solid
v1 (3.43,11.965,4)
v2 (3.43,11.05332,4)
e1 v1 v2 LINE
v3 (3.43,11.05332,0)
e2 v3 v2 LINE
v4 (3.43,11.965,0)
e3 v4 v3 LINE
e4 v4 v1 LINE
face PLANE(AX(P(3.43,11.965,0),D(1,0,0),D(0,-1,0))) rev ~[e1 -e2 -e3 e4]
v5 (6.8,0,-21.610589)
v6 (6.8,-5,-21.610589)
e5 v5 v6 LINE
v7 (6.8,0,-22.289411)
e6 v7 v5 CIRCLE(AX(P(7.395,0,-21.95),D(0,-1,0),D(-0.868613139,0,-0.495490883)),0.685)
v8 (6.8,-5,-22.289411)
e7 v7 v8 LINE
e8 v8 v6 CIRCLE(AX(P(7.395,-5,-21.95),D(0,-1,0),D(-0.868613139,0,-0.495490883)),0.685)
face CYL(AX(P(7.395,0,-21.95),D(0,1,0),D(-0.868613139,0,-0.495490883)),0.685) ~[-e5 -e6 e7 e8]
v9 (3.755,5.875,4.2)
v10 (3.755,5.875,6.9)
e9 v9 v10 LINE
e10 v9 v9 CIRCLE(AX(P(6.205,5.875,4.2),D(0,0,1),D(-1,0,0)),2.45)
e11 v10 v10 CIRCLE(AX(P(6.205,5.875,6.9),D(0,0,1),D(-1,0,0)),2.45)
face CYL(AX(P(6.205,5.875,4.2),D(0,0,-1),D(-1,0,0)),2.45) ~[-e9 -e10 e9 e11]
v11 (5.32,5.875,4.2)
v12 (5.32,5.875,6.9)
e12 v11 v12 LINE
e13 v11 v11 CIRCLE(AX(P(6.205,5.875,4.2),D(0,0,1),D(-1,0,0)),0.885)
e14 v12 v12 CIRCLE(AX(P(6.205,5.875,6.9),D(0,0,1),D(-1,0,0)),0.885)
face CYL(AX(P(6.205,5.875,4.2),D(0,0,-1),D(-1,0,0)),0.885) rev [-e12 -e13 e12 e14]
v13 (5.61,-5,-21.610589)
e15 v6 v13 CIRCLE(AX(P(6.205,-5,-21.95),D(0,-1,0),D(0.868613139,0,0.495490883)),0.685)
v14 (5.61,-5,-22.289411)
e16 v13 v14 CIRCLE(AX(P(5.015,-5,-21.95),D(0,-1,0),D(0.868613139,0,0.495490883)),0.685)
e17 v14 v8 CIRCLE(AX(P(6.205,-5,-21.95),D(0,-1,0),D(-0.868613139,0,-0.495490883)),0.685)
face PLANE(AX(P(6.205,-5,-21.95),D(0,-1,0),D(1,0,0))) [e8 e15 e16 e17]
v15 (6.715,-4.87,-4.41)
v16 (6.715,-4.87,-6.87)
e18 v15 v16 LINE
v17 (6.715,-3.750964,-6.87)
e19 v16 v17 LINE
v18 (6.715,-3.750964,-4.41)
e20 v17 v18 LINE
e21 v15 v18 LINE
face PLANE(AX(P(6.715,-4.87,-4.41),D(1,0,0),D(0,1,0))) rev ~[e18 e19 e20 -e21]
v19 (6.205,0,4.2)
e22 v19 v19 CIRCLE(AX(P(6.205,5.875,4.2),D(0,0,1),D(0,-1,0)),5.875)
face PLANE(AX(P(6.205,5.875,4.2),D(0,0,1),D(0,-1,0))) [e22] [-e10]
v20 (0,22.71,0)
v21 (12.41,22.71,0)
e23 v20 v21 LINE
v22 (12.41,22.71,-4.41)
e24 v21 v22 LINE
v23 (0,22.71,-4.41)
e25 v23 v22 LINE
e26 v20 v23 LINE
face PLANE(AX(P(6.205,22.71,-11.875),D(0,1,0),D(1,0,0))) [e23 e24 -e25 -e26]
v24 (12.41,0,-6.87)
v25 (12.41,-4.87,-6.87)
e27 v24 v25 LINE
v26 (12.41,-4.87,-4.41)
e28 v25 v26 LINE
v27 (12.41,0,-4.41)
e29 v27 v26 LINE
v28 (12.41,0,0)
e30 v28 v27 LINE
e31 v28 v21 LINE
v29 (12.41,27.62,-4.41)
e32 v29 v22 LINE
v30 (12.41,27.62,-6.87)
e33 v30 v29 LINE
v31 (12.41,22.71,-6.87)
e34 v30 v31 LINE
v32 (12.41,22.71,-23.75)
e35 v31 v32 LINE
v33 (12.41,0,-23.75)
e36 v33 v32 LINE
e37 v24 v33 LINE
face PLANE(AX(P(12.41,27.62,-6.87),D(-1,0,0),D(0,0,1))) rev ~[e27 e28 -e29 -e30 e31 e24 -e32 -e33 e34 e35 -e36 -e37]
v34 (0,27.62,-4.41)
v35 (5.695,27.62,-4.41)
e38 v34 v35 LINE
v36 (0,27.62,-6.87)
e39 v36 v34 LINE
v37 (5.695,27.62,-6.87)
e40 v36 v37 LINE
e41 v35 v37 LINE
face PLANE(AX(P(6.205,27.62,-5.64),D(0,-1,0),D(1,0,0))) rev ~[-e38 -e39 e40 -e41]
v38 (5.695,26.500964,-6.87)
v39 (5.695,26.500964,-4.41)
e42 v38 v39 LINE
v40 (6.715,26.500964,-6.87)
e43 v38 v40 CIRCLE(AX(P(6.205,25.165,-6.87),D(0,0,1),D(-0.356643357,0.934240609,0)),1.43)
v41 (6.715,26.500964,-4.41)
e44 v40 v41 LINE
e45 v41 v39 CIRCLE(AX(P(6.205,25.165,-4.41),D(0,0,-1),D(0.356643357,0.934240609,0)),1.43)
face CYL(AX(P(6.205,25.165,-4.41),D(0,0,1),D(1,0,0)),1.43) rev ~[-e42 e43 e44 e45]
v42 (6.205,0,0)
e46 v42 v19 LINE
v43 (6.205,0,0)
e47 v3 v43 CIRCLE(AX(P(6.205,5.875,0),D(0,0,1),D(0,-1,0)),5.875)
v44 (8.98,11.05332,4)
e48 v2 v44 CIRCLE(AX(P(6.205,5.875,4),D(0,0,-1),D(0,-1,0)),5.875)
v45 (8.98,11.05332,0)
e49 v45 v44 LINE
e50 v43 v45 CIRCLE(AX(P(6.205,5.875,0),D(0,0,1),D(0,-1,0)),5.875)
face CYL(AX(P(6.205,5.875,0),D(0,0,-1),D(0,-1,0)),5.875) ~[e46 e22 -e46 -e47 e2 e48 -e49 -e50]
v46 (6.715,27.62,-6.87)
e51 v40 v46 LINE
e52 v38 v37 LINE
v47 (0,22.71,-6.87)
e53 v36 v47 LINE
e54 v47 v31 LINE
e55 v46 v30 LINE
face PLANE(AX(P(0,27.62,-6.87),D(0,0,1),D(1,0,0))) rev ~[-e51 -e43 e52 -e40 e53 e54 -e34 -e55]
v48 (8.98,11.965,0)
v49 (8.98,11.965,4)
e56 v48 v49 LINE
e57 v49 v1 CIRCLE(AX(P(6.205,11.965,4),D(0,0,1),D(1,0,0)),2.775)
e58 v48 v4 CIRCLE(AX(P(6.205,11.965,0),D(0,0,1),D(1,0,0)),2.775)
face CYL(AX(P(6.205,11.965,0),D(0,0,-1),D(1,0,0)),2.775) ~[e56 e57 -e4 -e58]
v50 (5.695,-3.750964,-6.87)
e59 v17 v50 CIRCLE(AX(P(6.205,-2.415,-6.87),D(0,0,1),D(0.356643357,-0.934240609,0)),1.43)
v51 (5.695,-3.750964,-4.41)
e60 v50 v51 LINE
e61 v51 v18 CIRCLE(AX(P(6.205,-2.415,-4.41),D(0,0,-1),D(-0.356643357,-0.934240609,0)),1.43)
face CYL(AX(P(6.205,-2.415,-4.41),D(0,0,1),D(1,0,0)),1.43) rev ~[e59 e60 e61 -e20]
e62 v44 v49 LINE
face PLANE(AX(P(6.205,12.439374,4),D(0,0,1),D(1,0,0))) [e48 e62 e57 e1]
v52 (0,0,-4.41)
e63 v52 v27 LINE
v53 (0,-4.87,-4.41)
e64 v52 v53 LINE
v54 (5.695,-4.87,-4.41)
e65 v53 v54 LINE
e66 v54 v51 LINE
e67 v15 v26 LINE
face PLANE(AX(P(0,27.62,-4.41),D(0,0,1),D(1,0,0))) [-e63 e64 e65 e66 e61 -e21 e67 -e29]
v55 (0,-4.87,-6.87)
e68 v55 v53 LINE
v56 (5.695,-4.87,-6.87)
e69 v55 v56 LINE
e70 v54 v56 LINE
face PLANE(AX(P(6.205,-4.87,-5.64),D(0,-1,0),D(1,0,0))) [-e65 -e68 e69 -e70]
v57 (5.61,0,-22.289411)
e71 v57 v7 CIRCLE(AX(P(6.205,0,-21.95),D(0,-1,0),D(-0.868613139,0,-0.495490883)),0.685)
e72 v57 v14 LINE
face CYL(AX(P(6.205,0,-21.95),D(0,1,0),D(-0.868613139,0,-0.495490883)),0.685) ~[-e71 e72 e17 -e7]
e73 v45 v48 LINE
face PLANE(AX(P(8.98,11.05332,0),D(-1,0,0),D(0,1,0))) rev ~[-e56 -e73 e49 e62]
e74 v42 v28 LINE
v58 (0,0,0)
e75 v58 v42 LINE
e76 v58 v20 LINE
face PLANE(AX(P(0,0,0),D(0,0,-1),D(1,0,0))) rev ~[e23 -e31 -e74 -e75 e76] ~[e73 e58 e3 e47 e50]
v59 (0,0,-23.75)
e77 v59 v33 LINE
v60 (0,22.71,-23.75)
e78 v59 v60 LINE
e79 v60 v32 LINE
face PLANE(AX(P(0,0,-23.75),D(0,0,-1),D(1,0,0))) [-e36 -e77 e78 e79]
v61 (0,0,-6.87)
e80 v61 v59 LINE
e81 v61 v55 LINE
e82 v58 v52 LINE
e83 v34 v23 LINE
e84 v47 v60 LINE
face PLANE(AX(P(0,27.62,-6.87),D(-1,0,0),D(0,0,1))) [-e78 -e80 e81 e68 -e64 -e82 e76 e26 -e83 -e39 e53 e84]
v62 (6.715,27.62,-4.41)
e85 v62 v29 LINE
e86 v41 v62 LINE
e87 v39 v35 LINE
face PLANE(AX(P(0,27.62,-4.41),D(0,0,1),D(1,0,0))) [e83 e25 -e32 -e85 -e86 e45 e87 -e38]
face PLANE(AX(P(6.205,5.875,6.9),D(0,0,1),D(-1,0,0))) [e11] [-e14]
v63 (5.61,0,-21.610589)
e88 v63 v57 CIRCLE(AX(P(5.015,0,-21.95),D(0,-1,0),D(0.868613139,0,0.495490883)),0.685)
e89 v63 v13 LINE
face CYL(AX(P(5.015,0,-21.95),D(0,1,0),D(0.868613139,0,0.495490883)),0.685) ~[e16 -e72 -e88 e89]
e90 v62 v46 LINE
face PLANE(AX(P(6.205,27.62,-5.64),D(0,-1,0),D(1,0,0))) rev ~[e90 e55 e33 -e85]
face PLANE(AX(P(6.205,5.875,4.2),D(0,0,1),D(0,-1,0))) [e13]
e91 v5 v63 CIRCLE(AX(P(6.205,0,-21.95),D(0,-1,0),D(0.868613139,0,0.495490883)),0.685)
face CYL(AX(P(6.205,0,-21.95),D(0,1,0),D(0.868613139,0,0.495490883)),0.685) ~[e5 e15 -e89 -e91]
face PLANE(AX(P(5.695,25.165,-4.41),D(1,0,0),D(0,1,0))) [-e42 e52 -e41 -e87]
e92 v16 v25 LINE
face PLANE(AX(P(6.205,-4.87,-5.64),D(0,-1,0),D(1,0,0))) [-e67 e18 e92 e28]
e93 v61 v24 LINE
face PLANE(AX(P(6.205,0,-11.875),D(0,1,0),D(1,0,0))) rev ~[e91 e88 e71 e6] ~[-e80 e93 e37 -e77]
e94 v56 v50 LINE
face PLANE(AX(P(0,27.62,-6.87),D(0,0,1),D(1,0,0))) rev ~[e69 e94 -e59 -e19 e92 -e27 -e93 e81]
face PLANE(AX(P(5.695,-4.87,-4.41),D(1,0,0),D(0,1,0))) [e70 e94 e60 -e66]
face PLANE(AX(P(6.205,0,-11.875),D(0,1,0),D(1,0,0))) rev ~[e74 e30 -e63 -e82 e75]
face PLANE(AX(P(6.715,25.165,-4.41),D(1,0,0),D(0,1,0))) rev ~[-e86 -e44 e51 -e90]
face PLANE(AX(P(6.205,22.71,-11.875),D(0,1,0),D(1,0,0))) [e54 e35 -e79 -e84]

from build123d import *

# Parameters (mm, degrees)
SKETCH1_W                = 12.41
SKETCH1_H                = 23.75
BOSS_EXTRUDE1_DEPTH      = 22.71
SKETCH2_R                = 5.875
BOSS_EXTRUDE3_DEPTH      = 4.2
BOSS_EXTRUDE4_DEPTH      = 4
BOSS_EXTRUDE5_DEPTH      = 4.87
BOSS_EXTRUDE5_DEPTH_BACK = 27.62
SKETCH6_W                = 12.41
SKETCH6_H                = 2.46
SKETCH8_R                = 1.43
CUT_EXTRUDE1_DEPTH       = 36.929209565
SKETCH9_W                = 1.02
SKETCH9_H                = 2.455
CUT_EXTRUDE2_DEPTH       = 36.929209565
SKETCH10_R               = 2.45
SKETCH10_R_2             = 0.885
BOSS_EXTRUDE7_DEPTH      = 2.7
BOSS_EXTRUDE8_DEPTH      = 5


with BuildPart() as part:
    # Sketch1 → Boss-Extrude1 (new body)
    with BuildSketch(Plane(origin=(0, 0, 0), x_dir=(1, 0, 0), z_dir=(0, 1, 0))):
        with Locations((6.205, 11.875)):
            Rectangle(SKETCH1_W, SKETCH1_H)
    extrude(amount=BOSS_EXTRUDE1_DEPTH)

    # Sketch2 → Boss-Extrude3 (add)
    with BuildSketch(Plane.XY):
        with Locations((6.205, 5.875)):
            Circle(SKETCH2_R)
    extrude(amount=BOSS_EXTRUDE3_DEPTH)

    # Sketch4 → Boss-Extrude4 (add)
    with BuildSketch(Plane.XY):
        with BuildLine():
            Line((3.43, 11.965), (3.43, 11.053320191))
            Line((3.43, 11.053320191), (8.98, 11.053320191))
            Line((8.98, 11.053320191), (8.98, 11.965))
            ThreePointArc((8.98, 11.965), (6.205, 14.74), (3.43, 11.965))
        make_face()
    extrude(amount=BOSS_EXTRUDE4_DEPTH)

    # Sketch6 → Boss-Extrude5 (add, two sides: drawn at the far end of the back side and taken through both)
    with BuildSketch(Plane.XZ.offset(-BOSS_EXTRUDE5_DEPTH_BACK)):
        with Locations((6.205, -5.64)):
            Rectangle(SKETCH6_W, SKETCH6_H)
    extrude(amount=BOSS_EXTRUDE5_DEPTH + BOSS_EXTRUDE5_DEPTH_BACK)

    # Sketch8 → Cut-Extrude1 (cut, through all)
    with BuildSketch(Plane.XY.offset(-4.41)):
        with Locations((6.205, 25.165)):
            Circle(SKETCH8_R)
        with Locations((6.205, -2.415)):
            Circle(SKETCH8_R)
    extrude(amount=-CUT_EXTRUDE1_DEPTH, mode=Mode.SUBTRACT)

    # Sketch9 → Cut-Extrude2 (cut, through all)
    with BuildSketch(Plane.XY.offset(-4.41)):
        with Locations((6.205, 26.3925)):
            Rectangle(SKETCH9_W, SKETCH9_H)
        with Locations((6.205, -3.6425)):
            Rectangle(SKETCH9_W, SKETCH9_H)
    extrude(amount=-CUT_EXTRUDE2_DEPTH, mode=Mode.SUBTRACT)

    # Sketch10 → Boss-Extrude7 (add)
    with BuildSketch(Plane.XY.offset(4.2)):
        with Locations((6.205, 5.875)):
            Circle(SKETCH10_R)
        with Locations((6.205, 5.875)):
            Circle(SKETCH10_R_2, mode=Mode.SUBTRACT)
    extrude(amount=BOSS_EXTRUDE7_DEPTH)

    # Sketch12 → Boss-Extrude8 (add)
    with BuildSketch(Plane.XZ):
        with BuildLine():
            ThreePointArc((5.61, -22.289411255), (6.205, -22.635), (6.8, -22.289411255))
            ThreePointArc((6.8, -22.289411255), (8.08, -21.95), (6.8, -21.610588745))
            ThreePointArc((6.8, -21.610588745), (6.205, -21.265), (5.61, -21.610588745))
            ThreePointArc((5.61, -21.610588745), (4.33, -21.95), (5.61, -22.289411255))
        make_face()
    extrude(amount=BOSS_EXTRUDE8_DEPTH)


solid = part.part
